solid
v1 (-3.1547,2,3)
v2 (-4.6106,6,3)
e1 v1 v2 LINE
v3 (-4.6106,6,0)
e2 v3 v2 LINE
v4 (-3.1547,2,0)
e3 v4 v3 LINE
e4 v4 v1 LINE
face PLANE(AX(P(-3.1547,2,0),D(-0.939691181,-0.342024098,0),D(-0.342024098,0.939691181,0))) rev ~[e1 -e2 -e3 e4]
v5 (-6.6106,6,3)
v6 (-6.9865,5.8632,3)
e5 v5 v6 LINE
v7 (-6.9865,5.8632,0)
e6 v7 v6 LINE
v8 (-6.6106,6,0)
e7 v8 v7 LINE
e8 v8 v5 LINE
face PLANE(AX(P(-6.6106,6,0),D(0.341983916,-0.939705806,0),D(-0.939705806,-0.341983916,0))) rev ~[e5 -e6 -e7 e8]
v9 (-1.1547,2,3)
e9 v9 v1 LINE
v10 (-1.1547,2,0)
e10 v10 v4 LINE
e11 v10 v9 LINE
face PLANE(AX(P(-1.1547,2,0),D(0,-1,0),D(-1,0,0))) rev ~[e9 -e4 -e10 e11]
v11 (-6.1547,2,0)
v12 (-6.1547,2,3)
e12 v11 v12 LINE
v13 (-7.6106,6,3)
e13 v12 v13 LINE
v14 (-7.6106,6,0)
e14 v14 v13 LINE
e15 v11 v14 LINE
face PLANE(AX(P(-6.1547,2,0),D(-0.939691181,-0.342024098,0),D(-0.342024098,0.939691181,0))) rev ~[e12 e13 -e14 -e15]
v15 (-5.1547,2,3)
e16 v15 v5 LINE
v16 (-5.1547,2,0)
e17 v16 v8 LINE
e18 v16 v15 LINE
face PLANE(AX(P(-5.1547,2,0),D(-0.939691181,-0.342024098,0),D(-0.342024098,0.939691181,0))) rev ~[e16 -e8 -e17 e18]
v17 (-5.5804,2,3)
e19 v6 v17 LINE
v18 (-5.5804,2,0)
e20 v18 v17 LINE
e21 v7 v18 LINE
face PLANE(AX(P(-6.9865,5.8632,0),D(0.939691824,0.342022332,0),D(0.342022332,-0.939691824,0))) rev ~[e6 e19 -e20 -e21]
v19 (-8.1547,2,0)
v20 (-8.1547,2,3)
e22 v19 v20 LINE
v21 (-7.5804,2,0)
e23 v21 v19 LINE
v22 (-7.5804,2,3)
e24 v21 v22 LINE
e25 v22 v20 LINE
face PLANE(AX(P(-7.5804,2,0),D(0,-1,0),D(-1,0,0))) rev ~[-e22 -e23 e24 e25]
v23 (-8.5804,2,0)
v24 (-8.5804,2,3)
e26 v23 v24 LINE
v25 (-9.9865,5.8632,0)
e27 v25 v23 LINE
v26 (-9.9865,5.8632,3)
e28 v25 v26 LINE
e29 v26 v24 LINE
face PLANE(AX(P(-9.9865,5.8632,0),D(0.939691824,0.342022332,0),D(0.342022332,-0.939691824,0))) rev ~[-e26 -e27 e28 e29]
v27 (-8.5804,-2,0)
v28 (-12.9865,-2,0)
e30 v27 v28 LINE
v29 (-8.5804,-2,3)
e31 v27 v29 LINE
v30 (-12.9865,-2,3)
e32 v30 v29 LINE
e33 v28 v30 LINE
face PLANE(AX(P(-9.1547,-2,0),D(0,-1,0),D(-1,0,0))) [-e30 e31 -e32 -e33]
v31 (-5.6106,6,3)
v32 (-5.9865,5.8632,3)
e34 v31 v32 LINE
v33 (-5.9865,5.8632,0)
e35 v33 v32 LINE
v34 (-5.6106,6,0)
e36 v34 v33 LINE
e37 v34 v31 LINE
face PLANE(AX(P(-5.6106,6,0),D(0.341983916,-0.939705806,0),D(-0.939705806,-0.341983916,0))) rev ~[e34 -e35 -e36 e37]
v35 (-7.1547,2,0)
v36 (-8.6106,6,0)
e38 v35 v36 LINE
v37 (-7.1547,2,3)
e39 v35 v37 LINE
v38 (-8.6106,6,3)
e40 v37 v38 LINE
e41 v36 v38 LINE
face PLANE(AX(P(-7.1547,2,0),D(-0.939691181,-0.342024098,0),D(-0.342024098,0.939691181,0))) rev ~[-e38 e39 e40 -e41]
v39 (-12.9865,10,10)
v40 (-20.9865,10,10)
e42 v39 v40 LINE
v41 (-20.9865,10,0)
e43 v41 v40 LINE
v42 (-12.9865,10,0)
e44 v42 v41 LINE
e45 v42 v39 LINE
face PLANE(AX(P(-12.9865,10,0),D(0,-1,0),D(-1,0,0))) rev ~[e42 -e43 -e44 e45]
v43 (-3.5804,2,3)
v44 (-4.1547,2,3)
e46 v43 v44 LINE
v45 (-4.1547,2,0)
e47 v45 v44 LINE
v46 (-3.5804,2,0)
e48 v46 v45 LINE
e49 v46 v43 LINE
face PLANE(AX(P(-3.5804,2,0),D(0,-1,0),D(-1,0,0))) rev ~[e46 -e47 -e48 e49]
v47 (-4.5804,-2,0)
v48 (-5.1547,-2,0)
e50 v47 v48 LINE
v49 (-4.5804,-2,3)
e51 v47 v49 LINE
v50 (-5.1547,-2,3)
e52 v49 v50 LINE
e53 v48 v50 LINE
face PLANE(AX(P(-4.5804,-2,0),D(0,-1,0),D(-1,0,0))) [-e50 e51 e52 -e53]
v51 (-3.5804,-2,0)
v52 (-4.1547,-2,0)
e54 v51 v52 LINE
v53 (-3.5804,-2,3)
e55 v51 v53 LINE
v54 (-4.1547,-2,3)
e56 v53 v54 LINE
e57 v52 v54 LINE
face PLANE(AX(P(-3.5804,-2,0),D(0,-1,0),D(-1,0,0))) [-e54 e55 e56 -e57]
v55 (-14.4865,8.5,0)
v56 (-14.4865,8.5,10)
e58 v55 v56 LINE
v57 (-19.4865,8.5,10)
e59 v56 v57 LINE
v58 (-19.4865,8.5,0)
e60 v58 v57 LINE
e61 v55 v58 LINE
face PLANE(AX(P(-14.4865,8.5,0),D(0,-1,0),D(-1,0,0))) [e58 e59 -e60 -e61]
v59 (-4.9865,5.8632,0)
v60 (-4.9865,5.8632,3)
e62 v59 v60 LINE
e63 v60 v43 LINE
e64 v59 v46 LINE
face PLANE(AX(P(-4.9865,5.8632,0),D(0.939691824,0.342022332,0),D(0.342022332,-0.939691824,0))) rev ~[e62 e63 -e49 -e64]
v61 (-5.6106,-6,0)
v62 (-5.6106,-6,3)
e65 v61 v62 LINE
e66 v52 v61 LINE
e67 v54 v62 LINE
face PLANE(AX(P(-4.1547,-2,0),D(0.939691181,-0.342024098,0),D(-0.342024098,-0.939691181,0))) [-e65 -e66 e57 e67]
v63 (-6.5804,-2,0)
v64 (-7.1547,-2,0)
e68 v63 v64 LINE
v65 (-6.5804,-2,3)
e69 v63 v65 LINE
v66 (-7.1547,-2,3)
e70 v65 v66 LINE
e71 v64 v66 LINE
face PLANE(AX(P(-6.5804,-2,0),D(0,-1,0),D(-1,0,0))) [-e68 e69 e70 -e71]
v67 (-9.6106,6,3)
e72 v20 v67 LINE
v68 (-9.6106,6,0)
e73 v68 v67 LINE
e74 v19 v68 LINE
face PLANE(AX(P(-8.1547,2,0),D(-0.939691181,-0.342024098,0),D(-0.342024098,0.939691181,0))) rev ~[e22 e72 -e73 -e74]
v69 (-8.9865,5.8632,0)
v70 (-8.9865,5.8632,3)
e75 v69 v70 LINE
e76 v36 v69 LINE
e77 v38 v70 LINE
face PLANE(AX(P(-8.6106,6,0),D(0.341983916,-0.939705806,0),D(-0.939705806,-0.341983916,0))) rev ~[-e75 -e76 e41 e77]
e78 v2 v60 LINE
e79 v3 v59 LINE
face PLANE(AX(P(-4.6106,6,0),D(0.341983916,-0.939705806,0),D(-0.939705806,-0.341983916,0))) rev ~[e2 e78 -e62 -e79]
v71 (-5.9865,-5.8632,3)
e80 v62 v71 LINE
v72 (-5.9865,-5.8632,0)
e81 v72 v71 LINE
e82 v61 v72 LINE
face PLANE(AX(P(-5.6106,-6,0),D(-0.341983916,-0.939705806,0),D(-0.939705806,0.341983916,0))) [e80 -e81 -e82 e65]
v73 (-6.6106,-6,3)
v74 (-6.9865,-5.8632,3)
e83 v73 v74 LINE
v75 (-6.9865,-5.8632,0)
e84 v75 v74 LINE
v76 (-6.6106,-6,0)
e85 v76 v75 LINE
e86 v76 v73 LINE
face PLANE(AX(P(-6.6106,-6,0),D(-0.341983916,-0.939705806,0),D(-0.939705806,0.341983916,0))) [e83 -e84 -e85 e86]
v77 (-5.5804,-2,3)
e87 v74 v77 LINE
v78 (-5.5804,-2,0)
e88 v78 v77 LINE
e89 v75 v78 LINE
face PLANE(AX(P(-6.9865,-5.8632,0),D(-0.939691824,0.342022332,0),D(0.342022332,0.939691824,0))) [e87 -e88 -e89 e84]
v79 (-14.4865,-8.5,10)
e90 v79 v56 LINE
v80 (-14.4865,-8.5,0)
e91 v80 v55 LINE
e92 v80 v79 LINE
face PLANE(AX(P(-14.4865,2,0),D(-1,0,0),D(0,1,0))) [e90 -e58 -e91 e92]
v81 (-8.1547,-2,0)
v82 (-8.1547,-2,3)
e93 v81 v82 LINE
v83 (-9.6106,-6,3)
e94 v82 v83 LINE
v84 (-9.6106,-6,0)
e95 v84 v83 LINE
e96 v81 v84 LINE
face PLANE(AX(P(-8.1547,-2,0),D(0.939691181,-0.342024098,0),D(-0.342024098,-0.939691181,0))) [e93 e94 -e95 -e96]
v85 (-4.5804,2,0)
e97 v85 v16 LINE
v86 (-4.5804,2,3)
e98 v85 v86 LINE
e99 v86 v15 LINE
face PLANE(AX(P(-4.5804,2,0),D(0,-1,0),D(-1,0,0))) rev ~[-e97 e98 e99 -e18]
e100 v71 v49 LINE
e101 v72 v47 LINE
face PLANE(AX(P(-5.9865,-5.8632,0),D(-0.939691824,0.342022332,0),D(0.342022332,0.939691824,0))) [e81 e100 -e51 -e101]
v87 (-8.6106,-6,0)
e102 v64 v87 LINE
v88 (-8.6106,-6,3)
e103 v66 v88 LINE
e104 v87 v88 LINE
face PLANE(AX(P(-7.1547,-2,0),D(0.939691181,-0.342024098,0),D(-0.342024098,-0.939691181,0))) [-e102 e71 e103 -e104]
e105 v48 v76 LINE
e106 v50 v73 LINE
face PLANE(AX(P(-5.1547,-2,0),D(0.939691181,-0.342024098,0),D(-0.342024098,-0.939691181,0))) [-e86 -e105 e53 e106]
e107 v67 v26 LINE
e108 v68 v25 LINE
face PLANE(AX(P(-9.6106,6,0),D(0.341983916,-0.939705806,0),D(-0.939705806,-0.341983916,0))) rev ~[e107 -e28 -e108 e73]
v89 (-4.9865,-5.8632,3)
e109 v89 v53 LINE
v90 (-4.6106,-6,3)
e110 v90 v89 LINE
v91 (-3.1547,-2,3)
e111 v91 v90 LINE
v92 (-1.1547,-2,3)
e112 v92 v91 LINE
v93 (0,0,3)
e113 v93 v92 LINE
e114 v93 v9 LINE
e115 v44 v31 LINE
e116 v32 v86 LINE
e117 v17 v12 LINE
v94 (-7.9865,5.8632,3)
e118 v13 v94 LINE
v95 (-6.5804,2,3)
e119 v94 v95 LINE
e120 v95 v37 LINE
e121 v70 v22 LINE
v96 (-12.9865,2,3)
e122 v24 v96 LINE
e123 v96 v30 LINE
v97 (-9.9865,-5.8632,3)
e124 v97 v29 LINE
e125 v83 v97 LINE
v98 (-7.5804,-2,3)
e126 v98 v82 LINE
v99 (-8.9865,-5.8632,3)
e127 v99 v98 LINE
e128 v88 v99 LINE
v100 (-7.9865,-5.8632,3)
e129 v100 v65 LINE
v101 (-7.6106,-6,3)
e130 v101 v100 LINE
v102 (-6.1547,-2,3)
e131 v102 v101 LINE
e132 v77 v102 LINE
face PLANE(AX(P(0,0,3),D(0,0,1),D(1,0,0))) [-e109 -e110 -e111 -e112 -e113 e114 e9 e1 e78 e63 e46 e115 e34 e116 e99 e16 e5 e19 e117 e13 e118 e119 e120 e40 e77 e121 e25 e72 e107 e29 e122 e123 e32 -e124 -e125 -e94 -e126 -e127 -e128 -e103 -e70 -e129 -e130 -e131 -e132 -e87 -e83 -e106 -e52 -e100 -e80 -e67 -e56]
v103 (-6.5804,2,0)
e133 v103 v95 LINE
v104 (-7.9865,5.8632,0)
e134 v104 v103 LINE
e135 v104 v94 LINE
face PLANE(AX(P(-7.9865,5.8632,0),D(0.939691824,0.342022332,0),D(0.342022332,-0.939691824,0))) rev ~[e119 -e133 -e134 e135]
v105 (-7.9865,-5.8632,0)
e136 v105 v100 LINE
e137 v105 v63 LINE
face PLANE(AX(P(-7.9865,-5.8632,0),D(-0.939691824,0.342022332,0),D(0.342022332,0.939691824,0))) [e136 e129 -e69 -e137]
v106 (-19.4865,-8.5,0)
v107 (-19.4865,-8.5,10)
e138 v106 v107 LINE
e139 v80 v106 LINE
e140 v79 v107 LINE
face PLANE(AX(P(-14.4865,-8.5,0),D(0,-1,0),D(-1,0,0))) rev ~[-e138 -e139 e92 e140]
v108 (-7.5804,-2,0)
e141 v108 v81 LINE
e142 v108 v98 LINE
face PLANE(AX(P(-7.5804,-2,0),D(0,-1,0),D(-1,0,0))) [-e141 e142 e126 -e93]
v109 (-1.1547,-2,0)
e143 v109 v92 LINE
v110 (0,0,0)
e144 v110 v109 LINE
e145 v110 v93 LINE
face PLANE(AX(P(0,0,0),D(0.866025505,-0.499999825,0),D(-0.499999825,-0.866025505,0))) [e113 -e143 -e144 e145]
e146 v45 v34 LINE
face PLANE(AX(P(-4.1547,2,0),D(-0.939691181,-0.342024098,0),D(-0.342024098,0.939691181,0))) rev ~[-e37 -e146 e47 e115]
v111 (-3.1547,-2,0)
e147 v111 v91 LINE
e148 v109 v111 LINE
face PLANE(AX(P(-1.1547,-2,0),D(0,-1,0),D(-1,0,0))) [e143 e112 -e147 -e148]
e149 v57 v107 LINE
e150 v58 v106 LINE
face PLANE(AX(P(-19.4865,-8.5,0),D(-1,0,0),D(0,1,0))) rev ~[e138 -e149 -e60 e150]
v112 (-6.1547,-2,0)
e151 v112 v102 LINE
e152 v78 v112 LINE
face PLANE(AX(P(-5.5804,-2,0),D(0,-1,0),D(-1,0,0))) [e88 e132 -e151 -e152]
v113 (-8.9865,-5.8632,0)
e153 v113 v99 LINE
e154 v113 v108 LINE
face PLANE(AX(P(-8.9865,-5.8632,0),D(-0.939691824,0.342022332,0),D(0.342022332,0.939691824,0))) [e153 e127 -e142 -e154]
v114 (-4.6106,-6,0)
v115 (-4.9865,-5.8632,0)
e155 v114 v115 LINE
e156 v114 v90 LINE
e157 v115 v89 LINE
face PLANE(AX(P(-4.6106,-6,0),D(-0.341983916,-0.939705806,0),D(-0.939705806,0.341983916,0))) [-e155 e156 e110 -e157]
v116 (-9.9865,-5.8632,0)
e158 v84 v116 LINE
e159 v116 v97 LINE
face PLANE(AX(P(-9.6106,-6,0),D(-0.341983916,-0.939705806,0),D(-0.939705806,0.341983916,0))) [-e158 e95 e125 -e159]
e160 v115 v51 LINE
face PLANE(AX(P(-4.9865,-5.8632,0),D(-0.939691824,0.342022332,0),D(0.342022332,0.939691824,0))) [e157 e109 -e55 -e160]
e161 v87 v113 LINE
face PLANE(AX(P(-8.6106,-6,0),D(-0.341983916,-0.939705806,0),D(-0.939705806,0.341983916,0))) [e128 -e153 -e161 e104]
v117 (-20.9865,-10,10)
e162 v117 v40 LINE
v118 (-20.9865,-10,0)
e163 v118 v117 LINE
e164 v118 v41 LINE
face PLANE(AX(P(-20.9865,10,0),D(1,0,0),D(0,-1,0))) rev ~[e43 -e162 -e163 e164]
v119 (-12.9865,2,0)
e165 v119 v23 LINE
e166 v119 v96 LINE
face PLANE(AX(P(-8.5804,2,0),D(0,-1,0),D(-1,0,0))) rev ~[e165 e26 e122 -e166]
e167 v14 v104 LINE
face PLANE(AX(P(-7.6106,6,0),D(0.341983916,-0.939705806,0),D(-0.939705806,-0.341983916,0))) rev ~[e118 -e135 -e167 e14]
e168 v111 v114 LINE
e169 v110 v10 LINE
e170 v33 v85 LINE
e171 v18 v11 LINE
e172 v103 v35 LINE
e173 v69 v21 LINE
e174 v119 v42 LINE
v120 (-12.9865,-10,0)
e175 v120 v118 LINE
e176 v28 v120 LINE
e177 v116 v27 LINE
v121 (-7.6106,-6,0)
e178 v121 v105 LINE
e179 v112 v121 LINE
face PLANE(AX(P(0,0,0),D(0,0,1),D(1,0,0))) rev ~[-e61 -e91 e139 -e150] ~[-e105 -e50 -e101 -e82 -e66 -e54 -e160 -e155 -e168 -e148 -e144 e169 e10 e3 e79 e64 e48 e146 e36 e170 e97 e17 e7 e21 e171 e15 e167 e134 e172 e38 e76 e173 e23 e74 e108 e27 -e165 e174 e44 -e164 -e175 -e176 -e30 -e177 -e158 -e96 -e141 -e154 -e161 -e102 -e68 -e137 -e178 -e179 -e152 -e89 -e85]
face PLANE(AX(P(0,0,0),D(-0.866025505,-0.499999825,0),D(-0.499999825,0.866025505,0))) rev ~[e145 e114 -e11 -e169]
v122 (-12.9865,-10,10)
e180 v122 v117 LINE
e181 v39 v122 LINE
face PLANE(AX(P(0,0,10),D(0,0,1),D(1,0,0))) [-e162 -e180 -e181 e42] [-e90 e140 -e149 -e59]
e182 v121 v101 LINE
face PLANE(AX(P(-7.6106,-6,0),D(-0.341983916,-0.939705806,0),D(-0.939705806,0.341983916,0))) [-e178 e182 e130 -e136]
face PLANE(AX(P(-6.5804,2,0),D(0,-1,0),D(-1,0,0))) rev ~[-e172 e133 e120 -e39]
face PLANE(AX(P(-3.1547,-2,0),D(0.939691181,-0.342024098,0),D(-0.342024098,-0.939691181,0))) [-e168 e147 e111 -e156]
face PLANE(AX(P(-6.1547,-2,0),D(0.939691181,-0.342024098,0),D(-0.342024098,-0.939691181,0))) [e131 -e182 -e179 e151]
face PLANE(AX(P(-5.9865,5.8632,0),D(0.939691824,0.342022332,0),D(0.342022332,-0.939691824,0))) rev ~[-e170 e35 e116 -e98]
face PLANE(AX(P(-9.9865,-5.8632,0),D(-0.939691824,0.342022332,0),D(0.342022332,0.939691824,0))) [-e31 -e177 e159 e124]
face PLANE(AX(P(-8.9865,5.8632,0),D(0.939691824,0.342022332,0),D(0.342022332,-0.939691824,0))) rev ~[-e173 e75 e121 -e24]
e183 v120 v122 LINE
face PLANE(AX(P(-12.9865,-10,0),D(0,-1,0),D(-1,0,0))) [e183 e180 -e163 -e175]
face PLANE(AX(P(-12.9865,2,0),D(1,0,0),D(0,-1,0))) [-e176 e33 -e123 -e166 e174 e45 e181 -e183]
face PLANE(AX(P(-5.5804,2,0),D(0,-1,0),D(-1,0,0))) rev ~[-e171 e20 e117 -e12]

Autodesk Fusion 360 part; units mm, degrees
sketch "Sketch1" plane through (0, 0, 0) normal (0, 0, 1) x (1, 0, 0)
  line L0 (0, 0) -> (-24.511, 0)
  line L1 (0, 0) -> (-1.1547, 2)
  line L2 (-1.1547, 2) -> (-3.1547, 2)
  line L3 (-3.1547, 2) -> (-4.6106, 6)
  line L4 (-4.6106, 6) -> (-4.9865, 5.8632)
  line L5 (-4.9865, 5.8632) -> (-3.5804, 2)
  line L6 (-3.5804, 2) -> (-4.1547, 2)
  line L7 (-4.5804, 2) -> (-5.1547, 2)
  line L8 (-5.9865, 5.8632) -> (-4.5804, 2)
  line L9 (-5.6106, 6) -> (-5.9865, 5.8632)
  line L10 (-4.1547, 2) -> (-5.6106, 6)
  line L11 (-5.5804, 2) -> (-6.1547, 2)
  line L12 (-6.9865, 5.8632) -> (-5.5804, 2)
  line L13 (-6.6106, 6) -> (-6.9865, 5.8632)
  line L14 (-5.1547, 2) -> (-6.6106, 6)
  line L15 (-6.5804, 2) -> (-7.1547, 2)
  line L16 (-7.9865, 5.8632) -> (-6.5804, 2)
  line L17 (-7.6106, 6) -> (-7.9865, 5.8632)
  line L18 (-6.1547, 2) -> (-7.6106, 6)
  line L19 (-7.5804, 2) -> (-8.1547, 2)
  line L20 (-8.9865, 5.8632) -> (-7.5804, 2)
  line L21 (-8.6106, 6) -> (-8.9865, 5.8632)
  line L22 (-7.1547, 2) -> (-8.6106, 6)
  line L23 (-8.5804, 2) -> (-9.1547, 2)
  line L24 (-9.9865, 5.8632) -> (-8.5804, 2)
  line L25 (-9.6106, 6) -> (-9.9865, 5.8632)
  line L26 (-8.1547, 2) -> (-9.6106, 6)
  line L27 (-9.1547, 2) -> (-12.9865, 2)
  line L28 (-20.9865, 10) -> (-20.9865, 0)
  line L29 (-12.9865, 2) -> (-12.9865, 10)
  line L30 (-12.9865, 10) -> (-20.9865, 10)
  line L31 (-12.9865, 2) -> (-12.9865, 0)
  line L32 (-9.6106, -6) -> (-9.9865, -5.8632)
  line L33 (-9.9865, -5.8632) -> (-8.5804, -2)
  line L34 (-7.1547, -2) -> (-8.6106, -6)
  line L35 (-5.1547, -2) -> (-6.6106, -6)
  line L36 (-9.1547, -2) -> (-12.9865, -2)
  line L37 (-7.5804, -2) -> (-8.1547, -2)
  line L38 (-3.5804, -2) -> (-4.1547, -2)
  line L39 (-20.9865, -10) -> (-20.9865, 0)
  line L40 (-12.9865, -10) -> (-20.9865, -10)
  line L41 (0, 0) -> (-1.1547, -2)
  line L42 (-4.9865, -5.8632) -> (-3.5804, -2)
  line L43 (-5.6106, -6) -> (-5.9865, -5.8632)
  line L44 (-6.5804, -2) -> (-7.1547, -2)
  line L45 (-7.6106, -6) -> (-7.9865, -5.8632)
  line L46 (-12.9865, -2) -> (-12.9865, -10)
  line L47 (-8.5804, -2) -> (-9.1547, -2)
  line L48 (-6.6106, -6) -> (-6.9865, -5.8632)
  line L49 (-12.9865, -2) -> (-12.9865, 0)
  line L50 (-7.9865, -5.8632) -> (-6.5804, -2)
  line L51 (-8.6106, -6) -> (-8.9865, -5.8632)
  line L52 (-6.1547, -2) -> (-7.6106, -6)
  line L53 (-4.6106, -6) -> (-4.9865, -5.8632)
  line L54 (-3.1547, -2) -> (-4.6106, -6)
  line L55 (-8.9865, -5.8632) -> (-7.5804, -2)
  line L56 (-8.1547, -2) -> (-9.6106, -6)
  line L57 (-6.9865, -5.8632) -> (-5.5804, -2)
  line L58 (-4.1547, -2) -> (-5.6106, -6)
  line L59 (-1.1547, -2) -> (-3.1547, -2)
  line L60 (-5.9865, -5.8632) -> (-4.5804, -2)
  line L61 (-4.5804, -2) -> (-5.1547, -2)
  line L62 (-5.5804, -2) -> (-6.1547, -2)
  line L63 (-14.4865, 2) -> (-14.4865, 0)
  line L64 (-14.4865, -2) -> (-14.4865, 0)
  line L65 (-14.4865, -2) -> (-14.4865, -8.5)
  line L66 (-14.4865, -8.5) -> (-19.4865, -8.5)
  line L67 (-19.4865, -8.5) -> (-19.4865, 0)
  line L68 (-19.4865, 8.5) -> (-19.4865, 0)
  line L69 (-14.4865, 8.5) -> (-19.4865, 8.5)
  line L70 (-14.4865, 2) -> (-14.4865, 8.5)
  point P0 (-24.511, 0)
  dimension "d1" = 4
  dimension "d2" = 0.4
  dimension "d3" = 1
  dimension "d6" = -1
  dimension "d7" = 0
  dimension "d8" = 110
  dimension "d9" = 4
  dimension "d10" = 8
  dimension "d11" = 8
  dimension "d12" = 3
  dimension "d13" = 2
  dimension "d14" = 60
  dimension "d19" = 1.5
extrude "Extrude1" add sketch "Sketch1" along normal blind 3 contours L0 L32 L33 L34 L35 L36 L37 L38 L41 L42 L43 L44 L45 L47 L48 L49 L50 L51 L52 L53 L54 L55 L56 L57 L58 L59 L60 L61 L62 | L0 L1 L2 L3 L4 L5 L6 L7 L8 L9 L10 L11 L12 L13 L14 L15 L16 L17 L18 L19 L20 L21 L22 L23 L24 L25 L26 L27 L31
extrude "Extrude2" add sketch "Sketch1" along normal blind 10 contours L0 L39 L40 L46 L49 L64 L65 L66 L67 | L0 L28 L29 L30 L31 L63 L68 L69 L70
